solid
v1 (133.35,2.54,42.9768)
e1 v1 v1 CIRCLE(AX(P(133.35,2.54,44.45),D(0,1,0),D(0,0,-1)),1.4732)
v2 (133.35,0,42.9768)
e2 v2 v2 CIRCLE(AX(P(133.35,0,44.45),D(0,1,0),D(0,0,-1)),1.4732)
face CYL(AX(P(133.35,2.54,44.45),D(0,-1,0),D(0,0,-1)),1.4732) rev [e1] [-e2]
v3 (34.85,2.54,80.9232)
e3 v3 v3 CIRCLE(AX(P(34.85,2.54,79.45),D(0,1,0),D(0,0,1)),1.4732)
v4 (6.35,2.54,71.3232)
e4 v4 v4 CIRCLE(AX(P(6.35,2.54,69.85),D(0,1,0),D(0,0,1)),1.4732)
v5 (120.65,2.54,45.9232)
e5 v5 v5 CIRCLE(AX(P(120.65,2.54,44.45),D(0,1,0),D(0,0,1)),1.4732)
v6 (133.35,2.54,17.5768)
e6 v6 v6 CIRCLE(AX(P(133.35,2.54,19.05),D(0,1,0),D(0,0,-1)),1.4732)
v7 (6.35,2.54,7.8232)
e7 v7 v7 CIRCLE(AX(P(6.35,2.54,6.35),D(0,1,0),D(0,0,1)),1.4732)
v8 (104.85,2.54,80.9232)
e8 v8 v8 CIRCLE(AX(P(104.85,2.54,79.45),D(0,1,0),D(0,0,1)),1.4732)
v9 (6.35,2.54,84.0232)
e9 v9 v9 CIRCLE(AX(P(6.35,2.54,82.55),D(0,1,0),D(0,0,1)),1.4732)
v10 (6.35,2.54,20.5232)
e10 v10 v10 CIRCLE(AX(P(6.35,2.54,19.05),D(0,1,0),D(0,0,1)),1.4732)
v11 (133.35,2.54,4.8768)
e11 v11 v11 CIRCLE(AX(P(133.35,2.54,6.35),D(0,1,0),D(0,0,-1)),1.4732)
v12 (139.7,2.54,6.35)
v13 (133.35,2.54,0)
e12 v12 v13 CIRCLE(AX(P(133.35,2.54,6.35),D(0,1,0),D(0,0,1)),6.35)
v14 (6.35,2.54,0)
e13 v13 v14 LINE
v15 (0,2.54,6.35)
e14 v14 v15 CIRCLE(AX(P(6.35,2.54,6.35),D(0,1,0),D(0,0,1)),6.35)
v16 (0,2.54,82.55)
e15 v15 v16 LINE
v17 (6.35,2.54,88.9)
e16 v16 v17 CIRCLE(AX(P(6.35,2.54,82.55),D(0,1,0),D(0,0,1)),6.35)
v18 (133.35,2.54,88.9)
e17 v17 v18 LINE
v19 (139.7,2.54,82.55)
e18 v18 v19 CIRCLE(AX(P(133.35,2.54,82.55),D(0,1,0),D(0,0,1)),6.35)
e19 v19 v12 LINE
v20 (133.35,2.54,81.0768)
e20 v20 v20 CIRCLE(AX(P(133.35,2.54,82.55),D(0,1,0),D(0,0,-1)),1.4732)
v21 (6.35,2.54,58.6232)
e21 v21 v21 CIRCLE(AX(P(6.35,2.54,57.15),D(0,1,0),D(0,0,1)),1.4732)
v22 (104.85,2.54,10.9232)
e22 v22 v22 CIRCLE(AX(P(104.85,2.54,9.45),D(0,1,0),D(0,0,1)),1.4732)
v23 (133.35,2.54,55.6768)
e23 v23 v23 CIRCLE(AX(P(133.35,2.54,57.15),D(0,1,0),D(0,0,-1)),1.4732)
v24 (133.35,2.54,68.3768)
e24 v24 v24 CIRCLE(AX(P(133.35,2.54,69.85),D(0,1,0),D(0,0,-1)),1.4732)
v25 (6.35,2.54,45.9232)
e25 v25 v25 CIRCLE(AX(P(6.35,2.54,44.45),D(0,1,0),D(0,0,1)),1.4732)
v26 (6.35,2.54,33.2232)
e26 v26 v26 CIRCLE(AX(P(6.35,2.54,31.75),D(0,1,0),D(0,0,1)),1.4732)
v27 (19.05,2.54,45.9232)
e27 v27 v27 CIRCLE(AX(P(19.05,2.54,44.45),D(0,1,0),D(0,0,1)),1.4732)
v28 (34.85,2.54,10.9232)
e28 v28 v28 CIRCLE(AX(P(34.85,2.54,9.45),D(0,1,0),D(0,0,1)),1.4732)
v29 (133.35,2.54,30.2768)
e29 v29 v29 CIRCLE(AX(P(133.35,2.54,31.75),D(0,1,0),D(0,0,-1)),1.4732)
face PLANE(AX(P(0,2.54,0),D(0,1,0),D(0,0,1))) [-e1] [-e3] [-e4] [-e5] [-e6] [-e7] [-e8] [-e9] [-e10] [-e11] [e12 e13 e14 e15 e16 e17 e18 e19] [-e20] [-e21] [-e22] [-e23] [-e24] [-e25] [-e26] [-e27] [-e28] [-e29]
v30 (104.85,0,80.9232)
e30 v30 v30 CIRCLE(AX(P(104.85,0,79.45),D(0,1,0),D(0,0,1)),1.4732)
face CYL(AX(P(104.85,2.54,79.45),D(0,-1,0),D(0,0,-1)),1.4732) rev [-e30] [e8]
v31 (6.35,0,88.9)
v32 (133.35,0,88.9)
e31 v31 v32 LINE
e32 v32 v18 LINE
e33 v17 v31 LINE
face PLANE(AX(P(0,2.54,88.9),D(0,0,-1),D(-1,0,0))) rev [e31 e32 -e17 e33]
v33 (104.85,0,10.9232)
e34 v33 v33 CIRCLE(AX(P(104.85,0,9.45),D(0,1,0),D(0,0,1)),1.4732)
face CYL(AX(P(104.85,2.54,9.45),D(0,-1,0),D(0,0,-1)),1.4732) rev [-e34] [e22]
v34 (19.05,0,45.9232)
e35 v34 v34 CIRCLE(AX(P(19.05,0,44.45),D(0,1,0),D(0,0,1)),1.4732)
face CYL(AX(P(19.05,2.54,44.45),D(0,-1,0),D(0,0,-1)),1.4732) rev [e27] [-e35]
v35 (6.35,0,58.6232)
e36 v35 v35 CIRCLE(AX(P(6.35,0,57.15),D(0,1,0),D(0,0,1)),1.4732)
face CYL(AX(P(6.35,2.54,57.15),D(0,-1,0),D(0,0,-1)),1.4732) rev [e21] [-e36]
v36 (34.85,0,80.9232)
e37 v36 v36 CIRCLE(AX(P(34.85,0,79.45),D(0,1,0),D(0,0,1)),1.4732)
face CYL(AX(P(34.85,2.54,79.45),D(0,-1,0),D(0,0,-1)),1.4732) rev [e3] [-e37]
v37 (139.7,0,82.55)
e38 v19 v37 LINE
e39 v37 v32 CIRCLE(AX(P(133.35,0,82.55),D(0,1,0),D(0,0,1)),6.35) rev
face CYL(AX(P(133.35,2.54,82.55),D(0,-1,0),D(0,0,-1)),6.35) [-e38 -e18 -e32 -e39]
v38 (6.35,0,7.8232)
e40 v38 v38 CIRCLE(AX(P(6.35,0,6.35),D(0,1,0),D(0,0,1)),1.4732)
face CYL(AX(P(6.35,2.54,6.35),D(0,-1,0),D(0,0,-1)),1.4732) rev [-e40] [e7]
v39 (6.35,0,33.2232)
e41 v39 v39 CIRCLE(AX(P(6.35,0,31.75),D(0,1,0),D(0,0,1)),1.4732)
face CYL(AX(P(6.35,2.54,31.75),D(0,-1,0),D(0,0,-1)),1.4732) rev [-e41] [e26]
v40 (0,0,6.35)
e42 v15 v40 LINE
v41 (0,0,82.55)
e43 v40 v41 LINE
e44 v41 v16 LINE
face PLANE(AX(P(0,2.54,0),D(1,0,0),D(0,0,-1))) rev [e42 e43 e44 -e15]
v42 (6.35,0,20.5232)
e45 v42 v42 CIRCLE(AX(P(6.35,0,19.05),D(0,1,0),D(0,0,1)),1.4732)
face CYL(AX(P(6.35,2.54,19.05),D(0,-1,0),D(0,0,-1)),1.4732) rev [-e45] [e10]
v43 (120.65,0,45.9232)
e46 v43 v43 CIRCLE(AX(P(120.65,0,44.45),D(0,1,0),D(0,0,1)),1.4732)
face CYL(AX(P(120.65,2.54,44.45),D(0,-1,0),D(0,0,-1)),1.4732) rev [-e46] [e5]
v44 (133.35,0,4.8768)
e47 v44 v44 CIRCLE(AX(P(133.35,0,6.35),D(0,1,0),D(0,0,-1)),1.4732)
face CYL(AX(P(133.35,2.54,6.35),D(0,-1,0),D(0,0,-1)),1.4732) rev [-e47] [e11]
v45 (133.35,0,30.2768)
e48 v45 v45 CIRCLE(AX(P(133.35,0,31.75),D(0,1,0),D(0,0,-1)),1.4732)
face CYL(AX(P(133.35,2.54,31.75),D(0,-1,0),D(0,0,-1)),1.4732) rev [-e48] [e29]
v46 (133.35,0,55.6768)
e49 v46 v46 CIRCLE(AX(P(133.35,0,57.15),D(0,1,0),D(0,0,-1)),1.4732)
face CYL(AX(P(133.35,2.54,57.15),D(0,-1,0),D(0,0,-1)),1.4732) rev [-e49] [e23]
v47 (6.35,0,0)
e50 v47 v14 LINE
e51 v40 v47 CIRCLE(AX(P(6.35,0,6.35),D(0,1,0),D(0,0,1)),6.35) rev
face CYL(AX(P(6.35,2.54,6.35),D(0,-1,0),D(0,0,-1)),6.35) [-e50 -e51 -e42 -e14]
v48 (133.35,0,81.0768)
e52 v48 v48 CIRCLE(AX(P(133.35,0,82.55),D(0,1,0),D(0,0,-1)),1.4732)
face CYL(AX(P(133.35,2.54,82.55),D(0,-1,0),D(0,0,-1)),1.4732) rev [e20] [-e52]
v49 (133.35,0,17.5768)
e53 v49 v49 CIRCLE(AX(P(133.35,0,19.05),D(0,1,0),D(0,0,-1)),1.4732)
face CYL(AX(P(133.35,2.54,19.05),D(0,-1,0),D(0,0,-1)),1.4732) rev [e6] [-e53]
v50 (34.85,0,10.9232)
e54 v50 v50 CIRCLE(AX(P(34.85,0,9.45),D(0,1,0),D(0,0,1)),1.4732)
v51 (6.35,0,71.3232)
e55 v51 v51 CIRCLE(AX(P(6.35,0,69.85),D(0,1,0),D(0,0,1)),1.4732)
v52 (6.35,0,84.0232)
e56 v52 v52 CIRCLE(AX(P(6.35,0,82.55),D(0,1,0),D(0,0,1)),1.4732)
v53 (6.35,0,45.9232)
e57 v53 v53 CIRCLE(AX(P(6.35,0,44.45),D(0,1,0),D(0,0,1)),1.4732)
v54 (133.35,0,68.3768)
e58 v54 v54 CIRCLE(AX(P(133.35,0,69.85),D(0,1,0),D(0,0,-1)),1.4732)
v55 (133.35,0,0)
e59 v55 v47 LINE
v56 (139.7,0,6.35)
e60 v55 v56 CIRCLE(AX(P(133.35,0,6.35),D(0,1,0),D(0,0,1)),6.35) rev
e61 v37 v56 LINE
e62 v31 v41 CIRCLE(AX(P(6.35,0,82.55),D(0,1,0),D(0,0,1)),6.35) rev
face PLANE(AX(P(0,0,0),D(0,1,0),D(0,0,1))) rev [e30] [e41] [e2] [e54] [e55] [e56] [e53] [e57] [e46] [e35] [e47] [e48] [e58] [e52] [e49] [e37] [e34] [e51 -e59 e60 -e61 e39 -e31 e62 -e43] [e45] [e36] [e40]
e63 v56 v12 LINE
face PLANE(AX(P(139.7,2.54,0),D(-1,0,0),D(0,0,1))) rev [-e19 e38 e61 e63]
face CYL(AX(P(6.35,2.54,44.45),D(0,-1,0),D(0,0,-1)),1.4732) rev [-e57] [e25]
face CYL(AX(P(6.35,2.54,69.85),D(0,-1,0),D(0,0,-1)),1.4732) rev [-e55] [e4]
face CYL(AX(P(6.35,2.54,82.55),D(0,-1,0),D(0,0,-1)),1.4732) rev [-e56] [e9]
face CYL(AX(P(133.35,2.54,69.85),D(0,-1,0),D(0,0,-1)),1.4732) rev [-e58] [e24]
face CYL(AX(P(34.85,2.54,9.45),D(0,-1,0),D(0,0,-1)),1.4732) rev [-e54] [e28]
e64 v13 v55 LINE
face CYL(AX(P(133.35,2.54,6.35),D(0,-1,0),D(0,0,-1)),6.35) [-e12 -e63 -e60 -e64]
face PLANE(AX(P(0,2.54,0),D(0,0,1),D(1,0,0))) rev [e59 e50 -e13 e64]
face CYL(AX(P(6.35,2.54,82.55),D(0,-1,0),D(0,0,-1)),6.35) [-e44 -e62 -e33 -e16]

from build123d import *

# Parameters (mm, degrees)
SKETCH1_W           = 139.7
SKETCH1_H           = 88.9
SKETCH1_R           = 1.4732
BOSS_EXTRUDE1_DEPTH = 2.54
FILLET1_R           = 6.35


with BuildPart() as part:
    # Sketch1 → Boss-Extrude1 (new body)
    with BuildSketch(Plane(origin=(0, 0, 0), x_dir=(1, 0, 0), z_dir=(0, 1, 0))):
        with Locations((69.85, -44.45)):
            Rectangle(SKETCH1_W, SKETCH1_H)
        with Locations(Location((34.85, -9.45, 0), (0, 0, 270))):
            Circle(SKETCH1_R, mode=Mode.SUBTRACT)
        with Locations(Location((6.35, -6.35, 0), (0, 0, 270))):
            Circle(SKETCH1_R, mode=Mode.SUBTRACT)
        with Locations(Location((6.35, -19.05, 0), (0, 0, 270))):
            Circle(SKETCH1_R, mode=Mode.SUBTRACT)
        with Locations(Location((6.35, -31.75, 0), (0, 0, 270))):
            Circle(SKETCH1_R, mode=Mode.SUBTRACT)
        with Locations(Location((6.35, -44.45, 0), (0, 0, 270))):
            Circle(SKETCH1_R, mode=Mode.SUBTRACT)
        with Locations(Location((6.35, -57.15, 0), (0, 0, 270))):
            Circle(SKETCH1_R, mode=Mode.SUBTRACT)
        with Locations(Location((6.35, -69.85, 0), (0, 0, 270))):
            Circle(SKETCH1_R, mode=Mode.SUBTRACT)
        with Locations(Location((6.35, -82.55, 0), (0, 0, 270))):
            Circle(SKETCH1_R, mode=Mode.SUBTRACT)
        with Locations(Location((104.85, -9.45, 0), (0, 0, 270))):
            Circle(SKETCH1_R, mode=Mode.SUBTRACT)
        with Locations(Location((104.85, -79.45, 0), (0, 0, 270))):
            Circle(SKETCH1_R, mode=Mode.SUBTRACT)
        with Locations(Location((34.85, -79.45, 0), (0, 0, 270))):
            Circle(SKETCH1_R, mode=Mode.SUBTRACT)
        with Locations(Location((133.35, -82.55, 0), (0, 0, 90))):
            Circle(SKETCH1_R, mode=Mode.SUBTRACT)
        with Locations(Location((133.35, -69.85, 0), (0, 0, 90))):
            Circle(SKETCH1_R, mode=Mode.SUBTRACT)
        with Locations(Location((133.35, -57.15, 0), (0, 0, 90))):
            Circle(SKETCH1_R, mode=Mode.SUBTRACT)
        with Locations(Location((133.35, -44.45, 0), (0, 0, 90))):
            Circle(SKETCH1_R, mode=Mode.SUBTRACT)
        with Locations(Location((133.35, -31.75, 0), (0, 0, 90))):
            Circle(SKETCH1_R, mode=Mode.SUBTRACT)
        with Locations(Location((133.35, -19.05, 0), (0, 0, 90))):
            Circle(SKETCH1_R, mode=Mode.SUBTRACT)
        with Locations(Location((133.35, -6.35, 0), (0, 0, 90))):
            Circle(SKETCH1_R, mode=Mode.SUBTRACT)
        with Locations(Location((19.05, -44.45, 0), (0, 0, 270))):
            Circle(SKETCH1_R, mode=Mode.SUBTRACT)
        with Locations(Location((120.65, -44.45, 0), (0, 0, 270))):
            Circle(SKETCH1_R, mode=Mode.SUBTRACT)
    extrude(amount=BOSS_EXTRUDE1_DEPTH)

    # Fillet1
    fillet1_edges = [part.edges().sort_by_distance(p)[0] for p in [
        (0, 1.27, 0),
        (139.7, 1.27, 0),
        (139.7, 1.27, 88.9),
        (0, 1.27, 88.9),
    ]]
    fillet(fillet1_edges, radius=FILLET1_R)


solid = part.part
